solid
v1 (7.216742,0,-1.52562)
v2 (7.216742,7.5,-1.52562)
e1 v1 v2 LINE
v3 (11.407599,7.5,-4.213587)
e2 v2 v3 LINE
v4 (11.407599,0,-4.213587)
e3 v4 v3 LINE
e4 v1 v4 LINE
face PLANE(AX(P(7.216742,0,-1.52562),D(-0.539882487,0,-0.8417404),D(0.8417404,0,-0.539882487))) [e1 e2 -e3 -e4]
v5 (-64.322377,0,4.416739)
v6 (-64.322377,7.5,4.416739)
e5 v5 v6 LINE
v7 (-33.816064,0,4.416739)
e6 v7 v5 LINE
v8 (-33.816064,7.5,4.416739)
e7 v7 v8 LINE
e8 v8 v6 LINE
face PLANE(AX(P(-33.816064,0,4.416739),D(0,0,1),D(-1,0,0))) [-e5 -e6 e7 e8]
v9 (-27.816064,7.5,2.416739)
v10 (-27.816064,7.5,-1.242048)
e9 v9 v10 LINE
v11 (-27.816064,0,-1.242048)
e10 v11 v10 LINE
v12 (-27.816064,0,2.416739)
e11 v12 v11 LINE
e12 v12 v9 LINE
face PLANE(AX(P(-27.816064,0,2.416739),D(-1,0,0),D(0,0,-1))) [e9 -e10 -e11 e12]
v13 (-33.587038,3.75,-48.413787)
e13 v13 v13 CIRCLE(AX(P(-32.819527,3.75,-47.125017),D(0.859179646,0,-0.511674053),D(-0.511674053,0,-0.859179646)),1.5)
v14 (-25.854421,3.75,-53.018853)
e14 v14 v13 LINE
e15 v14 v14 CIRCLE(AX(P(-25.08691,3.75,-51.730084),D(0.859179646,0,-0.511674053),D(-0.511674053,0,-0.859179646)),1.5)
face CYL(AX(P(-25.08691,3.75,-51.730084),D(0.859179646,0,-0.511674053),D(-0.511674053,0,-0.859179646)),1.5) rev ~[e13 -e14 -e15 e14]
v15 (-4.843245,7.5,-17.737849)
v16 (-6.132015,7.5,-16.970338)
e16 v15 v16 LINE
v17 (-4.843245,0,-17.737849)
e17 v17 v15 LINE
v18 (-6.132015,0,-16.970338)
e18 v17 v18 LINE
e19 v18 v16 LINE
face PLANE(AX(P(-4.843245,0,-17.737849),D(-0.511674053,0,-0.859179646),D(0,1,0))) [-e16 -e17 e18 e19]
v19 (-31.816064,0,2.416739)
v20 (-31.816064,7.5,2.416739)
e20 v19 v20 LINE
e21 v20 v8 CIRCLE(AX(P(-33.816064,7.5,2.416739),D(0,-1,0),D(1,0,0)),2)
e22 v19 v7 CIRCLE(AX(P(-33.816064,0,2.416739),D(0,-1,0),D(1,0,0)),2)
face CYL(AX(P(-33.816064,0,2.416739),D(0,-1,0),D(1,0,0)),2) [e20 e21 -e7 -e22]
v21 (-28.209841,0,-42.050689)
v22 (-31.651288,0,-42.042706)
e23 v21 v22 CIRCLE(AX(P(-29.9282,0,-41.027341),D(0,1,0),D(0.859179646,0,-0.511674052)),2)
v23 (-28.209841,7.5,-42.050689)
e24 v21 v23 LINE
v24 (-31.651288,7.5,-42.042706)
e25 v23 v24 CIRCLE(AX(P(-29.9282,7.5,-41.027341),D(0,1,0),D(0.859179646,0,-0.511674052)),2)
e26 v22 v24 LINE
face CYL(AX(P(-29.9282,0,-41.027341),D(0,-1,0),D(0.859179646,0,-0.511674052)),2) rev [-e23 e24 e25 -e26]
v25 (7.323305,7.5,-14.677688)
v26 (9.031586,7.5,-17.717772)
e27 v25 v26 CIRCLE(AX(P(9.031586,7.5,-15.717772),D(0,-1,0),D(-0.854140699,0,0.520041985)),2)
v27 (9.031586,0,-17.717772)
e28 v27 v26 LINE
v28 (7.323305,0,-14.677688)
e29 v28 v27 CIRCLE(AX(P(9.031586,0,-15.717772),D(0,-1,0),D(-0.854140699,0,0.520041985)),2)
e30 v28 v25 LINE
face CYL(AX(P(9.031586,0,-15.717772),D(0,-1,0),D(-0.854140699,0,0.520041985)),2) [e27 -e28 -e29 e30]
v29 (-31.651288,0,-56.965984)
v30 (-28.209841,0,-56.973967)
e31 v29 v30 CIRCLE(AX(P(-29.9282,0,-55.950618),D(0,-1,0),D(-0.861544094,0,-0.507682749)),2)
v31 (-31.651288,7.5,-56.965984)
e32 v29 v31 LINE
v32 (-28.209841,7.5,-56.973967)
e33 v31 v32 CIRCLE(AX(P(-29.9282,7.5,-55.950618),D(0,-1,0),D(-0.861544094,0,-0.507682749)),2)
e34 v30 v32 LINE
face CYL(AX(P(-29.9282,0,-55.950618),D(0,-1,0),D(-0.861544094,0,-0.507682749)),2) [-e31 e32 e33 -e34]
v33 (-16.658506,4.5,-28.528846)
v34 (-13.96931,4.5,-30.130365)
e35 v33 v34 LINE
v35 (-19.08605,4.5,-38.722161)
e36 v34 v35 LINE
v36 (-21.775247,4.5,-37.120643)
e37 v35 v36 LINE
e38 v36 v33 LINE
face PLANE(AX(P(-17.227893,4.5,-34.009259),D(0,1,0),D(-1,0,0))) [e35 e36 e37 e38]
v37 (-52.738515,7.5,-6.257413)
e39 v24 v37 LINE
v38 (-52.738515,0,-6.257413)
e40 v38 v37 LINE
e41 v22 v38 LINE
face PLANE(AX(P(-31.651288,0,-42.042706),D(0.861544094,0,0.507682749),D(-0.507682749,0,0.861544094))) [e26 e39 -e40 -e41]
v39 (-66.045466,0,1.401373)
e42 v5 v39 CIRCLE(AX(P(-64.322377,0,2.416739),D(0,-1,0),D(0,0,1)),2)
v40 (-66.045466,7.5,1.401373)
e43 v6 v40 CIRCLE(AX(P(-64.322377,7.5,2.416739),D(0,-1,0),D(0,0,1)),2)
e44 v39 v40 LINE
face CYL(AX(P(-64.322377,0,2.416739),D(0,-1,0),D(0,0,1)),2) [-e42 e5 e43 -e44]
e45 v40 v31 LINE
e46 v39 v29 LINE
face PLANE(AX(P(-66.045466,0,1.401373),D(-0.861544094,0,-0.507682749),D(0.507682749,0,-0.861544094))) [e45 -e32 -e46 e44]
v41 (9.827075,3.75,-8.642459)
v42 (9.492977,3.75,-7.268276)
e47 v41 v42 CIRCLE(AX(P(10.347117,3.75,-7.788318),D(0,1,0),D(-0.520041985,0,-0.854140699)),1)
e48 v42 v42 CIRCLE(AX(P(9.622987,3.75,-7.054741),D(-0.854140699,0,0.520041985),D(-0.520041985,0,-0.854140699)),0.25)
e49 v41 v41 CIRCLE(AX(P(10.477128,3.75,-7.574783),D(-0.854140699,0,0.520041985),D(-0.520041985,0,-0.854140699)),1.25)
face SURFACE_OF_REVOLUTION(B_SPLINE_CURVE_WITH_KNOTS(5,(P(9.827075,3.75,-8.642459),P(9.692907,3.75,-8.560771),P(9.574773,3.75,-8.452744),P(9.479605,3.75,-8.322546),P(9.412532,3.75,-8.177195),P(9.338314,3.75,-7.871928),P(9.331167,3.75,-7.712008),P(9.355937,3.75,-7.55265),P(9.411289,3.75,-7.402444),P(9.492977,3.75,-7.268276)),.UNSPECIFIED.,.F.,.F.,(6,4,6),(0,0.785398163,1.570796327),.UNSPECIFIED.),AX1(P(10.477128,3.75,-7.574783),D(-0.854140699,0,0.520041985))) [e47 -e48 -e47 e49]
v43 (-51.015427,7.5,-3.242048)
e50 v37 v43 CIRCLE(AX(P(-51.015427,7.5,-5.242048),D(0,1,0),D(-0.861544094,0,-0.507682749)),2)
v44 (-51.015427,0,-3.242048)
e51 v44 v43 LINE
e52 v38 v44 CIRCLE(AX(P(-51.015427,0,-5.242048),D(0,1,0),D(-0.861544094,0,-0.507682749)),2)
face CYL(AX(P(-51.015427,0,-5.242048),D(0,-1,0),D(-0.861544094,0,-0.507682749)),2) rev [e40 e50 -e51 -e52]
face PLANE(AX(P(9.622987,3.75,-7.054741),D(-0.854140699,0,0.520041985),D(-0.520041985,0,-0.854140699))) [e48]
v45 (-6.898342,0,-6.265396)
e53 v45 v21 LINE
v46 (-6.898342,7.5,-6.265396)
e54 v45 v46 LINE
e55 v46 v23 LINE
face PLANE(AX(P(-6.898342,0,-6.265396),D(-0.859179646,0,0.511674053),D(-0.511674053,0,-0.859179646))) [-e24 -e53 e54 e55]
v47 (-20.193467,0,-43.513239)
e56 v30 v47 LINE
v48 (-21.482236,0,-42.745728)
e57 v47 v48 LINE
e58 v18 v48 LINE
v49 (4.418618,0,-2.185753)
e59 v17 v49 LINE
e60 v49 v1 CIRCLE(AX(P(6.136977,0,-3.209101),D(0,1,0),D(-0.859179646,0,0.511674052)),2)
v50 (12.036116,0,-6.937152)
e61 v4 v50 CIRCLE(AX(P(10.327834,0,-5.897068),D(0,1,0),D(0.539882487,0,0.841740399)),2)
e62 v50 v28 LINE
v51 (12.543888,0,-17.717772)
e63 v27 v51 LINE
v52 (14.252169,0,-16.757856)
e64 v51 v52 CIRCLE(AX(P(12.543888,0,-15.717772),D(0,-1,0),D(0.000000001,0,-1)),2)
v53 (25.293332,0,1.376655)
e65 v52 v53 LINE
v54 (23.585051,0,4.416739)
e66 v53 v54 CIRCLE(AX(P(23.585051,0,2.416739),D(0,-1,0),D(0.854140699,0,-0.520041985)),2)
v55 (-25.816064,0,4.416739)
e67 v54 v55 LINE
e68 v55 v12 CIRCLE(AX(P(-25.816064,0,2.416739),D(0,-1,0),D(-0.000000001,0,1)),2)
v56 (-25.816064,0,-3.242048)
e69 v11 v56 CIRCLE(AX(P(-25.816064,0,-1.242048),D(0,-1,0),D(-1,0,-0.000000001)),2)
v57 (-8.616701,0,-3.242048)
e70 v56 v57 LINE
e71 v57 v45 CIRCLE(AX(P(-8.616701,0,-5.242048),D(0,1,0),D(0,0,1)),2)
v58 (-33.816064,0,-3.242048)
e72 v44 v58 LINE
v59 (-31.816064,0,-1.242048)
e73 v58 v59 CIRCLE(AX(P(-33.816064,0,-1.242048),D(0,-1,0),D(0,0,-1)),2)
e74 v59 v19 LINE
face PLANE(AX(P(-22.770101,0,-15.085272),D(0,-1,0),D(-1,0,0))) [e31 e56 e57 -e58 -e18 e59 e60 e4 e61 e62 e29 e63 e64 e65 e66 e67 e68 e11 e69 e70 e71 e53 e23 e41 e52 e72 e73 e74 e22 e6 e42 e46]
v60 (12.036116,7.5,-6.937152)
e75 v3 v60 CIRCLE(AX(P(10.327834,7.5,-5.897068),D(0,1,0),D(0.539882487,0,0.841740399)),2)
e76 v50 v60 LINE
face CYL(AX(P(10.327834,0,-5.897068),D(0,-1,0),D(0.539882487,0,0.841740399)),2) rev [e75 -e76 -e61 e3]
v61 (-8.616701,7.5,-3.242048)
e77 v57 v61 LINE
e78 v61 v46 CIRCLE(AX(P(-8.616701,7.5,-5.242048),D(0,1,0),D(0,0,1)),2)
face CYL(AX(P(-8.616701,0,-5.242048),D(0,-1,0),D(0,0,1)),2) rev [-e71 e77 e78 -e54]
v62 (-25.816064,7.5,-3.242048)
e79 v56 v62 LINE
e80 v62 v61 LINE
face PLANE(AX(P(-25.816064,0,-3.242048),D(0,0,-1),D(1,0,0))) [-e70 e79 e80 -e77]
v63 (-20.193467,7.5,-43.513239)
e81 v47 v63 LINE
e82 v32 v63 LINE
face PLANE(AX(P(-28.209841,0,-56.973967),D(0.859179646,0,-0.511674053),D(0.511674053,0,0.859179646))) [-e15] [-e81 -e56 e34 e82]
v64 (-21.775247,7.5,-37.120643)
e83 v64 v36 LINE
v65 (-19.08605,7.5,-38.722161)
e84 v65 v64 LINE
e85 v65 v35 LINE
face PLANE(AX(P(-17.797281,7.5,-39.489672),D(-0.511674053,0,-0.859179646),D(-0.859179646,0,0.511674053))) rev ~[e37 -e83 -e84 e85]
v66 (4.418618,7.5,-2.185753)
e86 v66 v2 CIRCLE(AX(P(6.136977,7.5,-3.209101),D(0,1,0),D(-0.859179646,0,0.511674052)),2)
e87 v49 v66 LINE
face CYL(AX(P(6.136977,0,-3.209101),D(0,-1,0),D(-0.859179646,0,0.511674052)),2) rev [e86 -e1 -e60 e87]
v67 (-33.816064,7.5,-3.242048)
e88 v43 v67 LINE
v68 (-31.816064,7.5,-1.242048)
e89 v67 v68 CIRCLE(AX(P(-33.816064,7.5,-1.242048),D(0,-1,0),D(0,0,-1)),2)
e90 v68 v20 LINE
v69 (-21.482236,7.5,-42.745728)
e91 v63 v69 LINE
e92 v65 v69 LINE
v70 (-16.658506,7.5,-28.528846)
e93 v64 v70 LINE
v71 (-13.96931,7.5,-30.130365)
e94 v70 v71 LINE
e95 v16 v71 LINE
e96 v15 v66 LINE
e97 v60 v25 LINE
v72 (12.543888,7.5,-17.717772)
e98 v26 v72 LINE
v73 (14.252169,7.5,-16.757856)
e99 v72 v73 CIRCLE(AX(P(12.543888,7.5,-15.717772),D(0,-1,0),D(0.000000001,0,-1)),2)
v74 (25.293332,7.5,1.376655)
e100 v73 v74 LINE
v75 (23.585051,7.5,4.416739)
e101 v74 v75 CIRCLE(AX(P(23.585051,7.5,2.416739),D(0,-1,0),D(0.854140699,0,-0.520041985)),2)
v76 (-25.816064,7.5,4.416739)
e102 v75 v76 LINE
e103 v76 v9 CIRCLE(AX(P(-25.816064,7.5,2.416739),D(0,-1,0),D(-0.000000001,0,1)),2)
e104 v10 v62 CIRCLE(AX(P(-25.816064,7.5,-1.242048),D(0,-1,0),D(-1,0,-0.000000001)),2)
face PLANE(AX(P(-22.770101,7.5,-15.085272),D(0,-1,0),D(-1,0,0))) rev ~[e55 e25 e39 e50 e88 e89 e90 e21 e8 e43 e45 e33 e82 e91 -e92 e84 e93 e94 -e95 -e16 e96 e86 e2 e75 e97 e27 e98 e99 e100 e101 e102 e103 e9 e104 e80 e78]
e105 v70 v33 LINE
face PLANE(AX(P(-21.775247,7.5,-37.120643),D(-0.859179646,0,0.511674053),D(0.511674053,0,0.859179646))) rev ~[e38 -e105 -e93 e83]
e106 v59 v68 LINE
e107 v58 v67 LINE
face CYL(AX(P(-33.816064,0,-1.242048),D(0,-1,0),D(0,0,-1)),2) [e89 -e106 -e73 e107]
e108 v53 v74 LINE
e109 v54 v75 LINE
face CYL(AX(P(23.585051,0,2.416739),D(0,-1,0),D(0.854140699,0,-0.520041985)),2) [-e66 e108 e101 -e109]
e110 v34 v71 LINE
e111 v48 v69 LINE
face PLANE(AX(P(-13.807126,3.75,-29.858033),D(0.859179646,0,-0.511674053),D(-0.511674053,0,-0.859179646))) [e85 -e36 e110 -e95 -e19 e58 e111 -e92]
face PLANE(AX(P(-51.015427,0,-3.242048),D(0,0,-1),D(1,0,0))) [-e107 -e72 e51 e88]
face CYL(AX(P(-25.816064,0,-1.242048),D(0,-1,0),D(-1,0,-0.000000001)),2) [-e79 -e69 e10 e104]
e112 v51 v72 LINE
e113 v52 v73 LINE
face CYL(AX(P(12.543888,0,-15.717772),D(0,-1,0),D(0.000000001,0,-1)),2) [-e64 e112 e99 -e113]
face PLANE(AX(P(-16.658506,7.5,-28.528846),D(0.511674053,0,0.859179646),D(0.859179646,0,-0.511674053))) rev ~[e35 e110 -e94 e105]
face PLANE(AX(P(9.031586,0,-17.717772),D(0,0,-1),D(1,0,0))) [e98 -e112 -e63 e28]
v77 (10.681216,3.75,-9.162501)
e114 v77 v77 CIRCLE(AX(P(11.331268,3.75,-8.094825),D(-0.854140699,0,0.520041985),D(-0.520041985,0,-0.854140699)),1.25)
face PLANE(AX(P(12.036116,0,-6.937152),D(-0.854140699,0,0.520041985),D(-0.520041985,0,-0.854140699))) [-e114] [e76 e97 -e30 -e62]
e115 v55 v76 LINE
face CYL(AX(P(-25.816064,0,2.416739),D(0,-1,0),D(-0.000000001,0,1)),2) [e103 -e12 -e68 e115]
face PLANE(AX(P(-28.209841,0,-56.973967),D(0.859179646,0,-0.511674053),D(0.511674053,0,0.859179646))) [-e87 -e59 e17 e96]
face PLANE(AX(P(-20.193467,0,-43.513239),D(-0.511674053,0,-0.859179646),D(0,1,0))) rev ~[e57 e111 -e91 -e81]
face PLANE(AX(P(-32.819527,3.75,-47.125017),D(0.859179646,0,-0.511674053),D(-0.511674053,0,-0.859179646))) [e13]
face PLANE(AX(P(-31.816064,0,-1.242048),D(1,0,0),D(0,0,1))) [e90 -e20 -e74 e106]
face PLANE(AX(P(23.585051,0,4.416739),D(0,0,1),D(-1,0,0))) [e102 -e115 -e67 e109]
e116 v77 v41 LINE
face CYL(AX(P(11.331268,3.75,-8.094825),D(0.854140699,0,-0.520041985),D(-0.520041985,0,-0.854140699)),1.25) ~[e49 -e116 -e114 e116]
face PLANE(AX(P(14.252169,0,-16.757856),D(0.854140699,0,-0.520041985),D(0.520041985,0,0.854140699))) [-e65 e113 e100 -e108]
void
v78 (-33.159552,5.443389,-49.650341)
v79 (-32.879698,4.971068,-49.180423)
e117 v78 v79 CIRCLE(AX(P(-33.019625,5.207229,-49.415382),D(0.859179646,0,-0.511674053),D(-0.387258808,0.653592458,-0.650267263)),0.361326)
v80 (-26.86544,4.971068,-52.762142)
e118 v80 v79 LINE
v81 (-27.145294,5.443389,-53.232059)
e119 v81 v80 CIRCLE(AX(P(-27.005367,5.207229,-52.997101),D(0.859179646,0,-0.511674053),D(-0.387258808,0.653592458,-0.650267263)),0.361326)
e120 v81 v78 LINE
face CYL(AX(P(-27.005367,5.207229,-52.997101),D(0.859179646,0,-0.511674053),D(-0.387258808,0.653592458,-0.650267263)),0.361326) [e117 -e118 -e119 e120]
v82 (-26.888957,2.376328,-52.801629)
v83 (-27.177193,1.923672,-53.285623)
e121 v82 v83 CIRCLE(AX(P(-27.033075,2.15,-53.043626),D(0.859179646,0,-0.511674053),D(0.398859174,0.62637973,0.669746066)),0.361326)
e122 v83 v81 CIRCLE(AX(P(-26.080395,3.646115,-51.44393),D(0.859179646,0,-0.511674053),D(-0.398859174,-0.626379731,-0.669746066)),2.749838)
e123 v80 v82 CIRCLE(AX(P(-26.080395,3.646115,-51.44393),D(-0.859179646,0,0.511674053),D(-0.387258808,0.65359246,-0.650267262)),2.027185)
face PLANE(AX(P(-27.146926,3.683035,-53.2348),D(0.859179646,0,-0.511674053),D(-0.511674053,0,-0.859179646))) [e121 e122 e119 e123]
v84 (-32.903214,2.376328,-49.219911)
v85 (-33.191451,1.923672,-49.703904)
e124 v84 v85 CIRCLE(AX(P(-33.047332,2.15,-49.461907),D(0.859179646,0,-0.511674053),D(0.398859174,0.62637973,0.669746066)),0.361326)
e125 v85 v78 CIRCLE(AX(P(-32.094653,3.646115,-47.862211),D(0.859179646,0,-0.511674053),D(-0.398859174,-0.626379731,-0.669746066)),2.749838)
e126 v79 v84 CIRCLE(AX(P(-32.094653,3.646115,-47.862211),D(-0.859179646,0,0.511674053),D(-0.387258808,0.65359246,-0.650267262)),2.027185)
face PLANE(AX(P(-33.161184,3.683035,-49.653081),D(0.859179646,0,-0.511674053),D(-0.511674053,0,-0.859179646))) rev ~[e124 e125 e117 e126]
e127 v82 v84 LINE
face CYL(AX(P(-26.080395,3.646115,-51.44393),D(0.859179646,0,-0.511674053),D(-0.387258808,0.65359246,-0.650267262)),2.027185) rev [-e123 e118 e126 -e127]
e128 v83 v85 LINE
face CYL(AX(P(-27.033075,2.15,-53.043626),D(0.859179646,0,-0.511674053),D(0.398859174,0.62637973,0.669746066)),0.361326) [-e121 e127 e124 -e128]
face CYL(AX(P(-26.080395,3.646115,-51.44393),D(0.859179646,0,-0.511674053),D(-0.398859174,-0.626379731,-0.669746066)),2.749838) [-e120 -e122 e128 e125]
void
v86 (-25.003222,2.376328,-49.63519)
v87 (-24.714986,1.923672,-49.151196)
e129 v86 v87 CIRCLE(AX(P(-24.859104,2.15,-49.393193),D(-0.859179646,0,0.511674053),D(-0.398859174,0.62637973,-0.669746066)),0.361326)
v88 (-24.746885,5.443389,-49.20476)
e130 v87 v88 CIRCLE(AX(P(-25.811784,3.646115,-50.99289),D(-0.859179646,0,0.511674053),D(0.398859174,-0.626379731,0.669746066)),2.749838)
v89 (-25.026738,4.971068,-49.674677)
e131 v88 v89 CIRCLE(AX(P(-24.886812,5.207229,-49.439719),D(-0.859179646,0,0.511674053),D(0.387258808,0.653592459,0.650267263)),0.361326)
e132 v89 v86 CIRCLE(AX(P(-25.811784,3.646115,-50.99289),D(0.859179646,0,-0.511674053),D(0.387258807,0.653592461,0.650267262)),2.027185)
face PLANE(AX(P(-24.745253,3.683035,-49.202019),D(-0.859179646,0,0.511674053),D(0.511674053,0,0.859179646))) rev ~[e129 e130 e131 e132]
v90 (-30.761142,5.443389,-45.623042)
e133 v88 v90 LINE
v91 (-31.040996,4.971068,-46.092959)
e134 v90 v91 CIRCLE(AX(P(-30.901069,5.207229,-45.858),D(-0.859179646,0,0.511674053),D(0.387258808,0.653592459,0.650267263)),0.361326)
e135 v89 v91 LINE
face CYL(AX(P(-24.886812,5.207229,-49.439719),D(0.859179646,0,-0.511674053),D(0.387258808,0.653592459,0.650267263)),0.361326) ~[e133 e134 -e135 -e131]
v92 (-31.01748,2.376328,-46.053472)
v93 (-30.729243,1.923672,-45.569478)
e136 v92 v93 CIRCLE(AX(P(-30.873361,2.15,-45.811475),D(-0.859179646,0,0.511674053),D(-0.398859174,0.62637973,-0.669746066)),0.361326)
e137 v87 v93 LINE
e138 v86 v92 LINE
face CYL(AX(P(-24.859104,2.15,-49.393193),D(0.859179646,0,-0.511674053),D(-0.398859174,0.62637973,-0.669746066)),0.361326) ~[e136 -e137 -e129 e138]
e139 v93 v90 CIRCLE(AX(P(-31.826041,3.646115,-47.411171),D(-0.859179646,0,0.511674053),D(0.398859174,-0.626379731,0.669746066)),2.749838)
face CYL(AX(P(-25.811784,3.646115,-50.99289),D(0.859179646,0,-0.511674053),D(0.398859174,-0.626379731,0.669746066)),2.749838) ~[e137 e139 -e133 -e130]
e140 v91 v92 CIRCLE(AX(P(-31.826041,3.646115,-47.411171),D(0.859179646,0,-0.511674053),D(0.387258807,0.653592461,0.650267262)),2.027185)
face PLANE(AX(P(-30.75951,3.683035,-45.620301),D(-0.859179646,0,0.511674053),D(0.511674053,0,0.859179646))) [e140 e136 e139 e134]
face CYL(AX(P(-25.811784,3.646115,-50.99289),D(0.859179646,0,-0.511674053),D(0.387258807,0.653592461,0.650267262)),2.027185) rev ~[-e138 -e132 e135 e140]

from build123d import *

# Parameters (mm, degrees)
BOSS_EXTRUDE1_DEPTH = 7.5
SKETCH2_R           = 1.5
CUT_EXTRUDE1_DEPTH  = 9
CUT_EXTRUDE4_DEPTH  = 7
SKETCH6_R           = 1.25
BOSS_EXTRUDE2_DEPTH = 2
FILLET1_R           = 1
CUT_EXTRUDE5_DEPTH  = 3
SKETCH8_W           = 30
SKETCH8_H           = 7.5
CUT_EXTRUDE6_DEPTH  = 1.5


with BuildPart() as part:
    # Sketch1 → Boss-Extrude1 (new body)
    with BuildSketch(Plane(origin=(0, 0, 0), x_dir=(1, 0, 0), z_dir=(0, 1, 0))):
        with BuildLine():
            Line((0.6, -4.416738673), (-25.816064279, -4.416738673))
            ThreePointArc((-25.816064279, -4.416738673), (-27.230277841, -3.830952235), (-27.816064279, -2.416738673))
            Line((-27.816064279, -2.416738673), (-27.816064279, 1.242047676))
            ThreePointArc((-27.816064279, 1.242047676), (-27.230277841, 2.656261238), (-25.816064279, 3.242047676))
            Line((-25.816064279, 3.242047676), (-8.616701404, 3.242047676))
            ThreePointArc((-8.616701404, 3.242047676), (-6.877923642, 4.253790678), (-6.898342112, 6.265395781))
            Line((-6.898342112, 6.265395781), (-28.209840808, 42.050688808))
            ThreePointArc((-28.209840808, 42.050688808), (-29.932839186, 43.027335323), (-31.651288288, 42.042706201))
            Line((-31.651288288, 42.042706201), (-52.738515342, 6.257413174))
            ThreePointArc((-52.738515342, 6.257413174), (-52.751907933, 4.249760166), (-51.015427154, 3.242047676))
            Line((-51.015427154, 3.242047676), (-33.816064279, 3.242047676))
            ThreePointArc((-33.816064279, 3.242047676), (-32.401850716, 2.656261238), (-31.816064279, 1.242047676))
            Line((-31.816064279, 1.242047676), (-31.816064279, -2.416738673))
            ThreePointArc((-31.816064279, -2.416738673), (-32.401850716, -3.830952235), (-33.816064279, -4.416738673))
            Line((-33.816064279, -4.416738673), (-64.322377342, -4.416738673))
            ThreePointArc((-64.322377342, -4.416738673), (-66.058858122, -3.409026183), (-66.045465531, -1.401373175))
            Line((-66.045465531, -1.401373175), (-31.651288288, 56.965983893))
            ThreePointArc((-31.651288288, 56.965983893), (-29.932839186, 57.950613015), (-28.209840808, 56.973966501))
            Line((-28.209840808, 56.973966501), (4.418617661, 2.185752684))
            ThreePointArc((4.418617661, 2.185752684), (5.677744474, 1.262538298), (7.216741926, 1.52561999))
            Line((7.216741926, 1.52561999), (11.407599177, 4.21358701))
            ThreePointArc((11.407599177, 4.21358701), (12.276616363, 5.447347792), (12.036115602, 6.93715178))
            Line((12.036115602, 6.93715178), (7.323304576, 14.677687772))
            ThreePointArc((7.323304576, 14.677687772), (7.288002317, 16.697524788), (9.031585974, 17.717771743))
            Line((9.031585974, 17.717771743), (12.543887874, 17.717771743))
            ThreePointArc((12.543887874, 17.717771743), (13.523640919, 17.4613554), (14.252169272, 16.757855713))
            Line((14.252169272, 16.757855713), (25.293332405, -1.376654703))
            ThreePointArc((25.293332405, -1.376654703), (25.328634664, -3.396491718), (23.585051007, -4.416738673))
            Line((23.585051007, -4.416738673), (0.6, -4.416738673))
        make_face()
    extrude(amount=BOSS_EXTRUDE1_DEPTH)

    # Sketch2 → Cut-Extrude1 (cut)
    with BuildSketch(Plane(origin=(4.222678331, 0, -2.514765037), x_dir=(-0.5116740525225859, 0, -0.8591796459269238), z_dir=(0.8591796459269239, 0, -0.5116740525225859))):
        with Locations((57.281755723, 3.75)):
            Circle(SKETCH2_R)
    extrude(amount=-CUT_EXTRUDE1_DEPTH, mode=Mode.SUBTRACT)

    # Sketch5 → Cut-Extrude4 (cut)
    with BuildSketch(Plane(origin=(3.363498685, 0, -2.003090985), x_dir=(-0.5116740525225859, 0, -0.8591796459269238), z_dir=(0.8591796459269239, 0, -0.5116740525225859))):
        with BuildLine():
            ThreePointArc((59.687787147, 1.923672452), (60.293645506, 3.69481399), (59.625444471, 5.443388859))
            ThreePointArc((59.625444471, 5.443388859), (59.11581554, 5.480697337), (59.078507063, 4.971068407))
            ThreePointArc((59.078507063, 4.971068407), (59.57110599, 3.68201607), (59.124466188, 2.376327548))
            ThreePointArc((59.124466188, 2.376327548), (59.179799119, 1.868339521), (59.687787147, 1.923672452))
        make_face()
        with BuildLine():
            ThreePointArc((54.875724299, 1.923672452), (54.26986594, 3.69481399), (54.938066975, 5.443388859))
            ThreePointArc((54.938066975, 5.443388859), (55.447695906, 5.480697337), (55.485004384, 4.971068407))
            ThreePointArc((55.485004384, 4.971068407), (54.992405456, 3.68201607), (55.439045258, 2.376327548))
            ThreePointArc((55.439045258, 2.376327548), (55.383712327, 1.868339521), (54.875724299, 1.923672452))
        make_face()
    extrude(amount=-CUT_EXTRUDE4_DEPTH, mode=Mode.SUBTRACT)

    # Sketch6 → Boss-Extrude2 (add)
    with BuildSketch(Plane(origin=(11.862431053, 0, -7.222419211), x_dir=(0.5200419851467809, 0, 0.8541406989978848), z_dir=(-0.8541406989978848, 0, 0.5200419851467809))):
        with Locations(Location((-1.021383997, 3.75, 0), (0, 0, 180))):
            Circle(SKETCH6_R)
    extrude(amount=BOSS_EXTRUDE2_DEPTH)

    # Fillet1
    fillet1_edges = [part.edges().sort_by_distance(p)[0] for p in [
        (10.273039575, 3.75, -5.987065009),
    ]]
    fillet(fillet1_edges, radius=FILLET1_R)

    # Sketch7 → Cut-Extrude5 (cut)
    with BuildSketch(Plane.XZ.offset(-7.5)):
        Polygon((-17.79728073, -39.489672278), (-21.775246759, -37.120642694), (-16.658506234, -28.528846235), (-12.680540205, -30.897875819), align=None)
    extrude(amount=CUT_EXTRUDE5_DEPTH, mode=Mode.SUBTRACT)

    # Sketch8 → Cut-Extrude6 (cut)
    with BuildSketch(Plane(origin=(4.222678331, 0, -2.514765037), x_dir=(-0.5116740525225859, 0, -0.8591796459269238), z_dir=(0.8591796459269239, 0, -0.5116740525225859))):
        with Locations((32.718162055, 3.75)):
            Rectangle(SKETCH8_W, SKETCH8_H)
    extrude(amount=-CUT_EXTRUDE6_DEPTH, mode=Mode.SUBTRACT)


solid = part.part
